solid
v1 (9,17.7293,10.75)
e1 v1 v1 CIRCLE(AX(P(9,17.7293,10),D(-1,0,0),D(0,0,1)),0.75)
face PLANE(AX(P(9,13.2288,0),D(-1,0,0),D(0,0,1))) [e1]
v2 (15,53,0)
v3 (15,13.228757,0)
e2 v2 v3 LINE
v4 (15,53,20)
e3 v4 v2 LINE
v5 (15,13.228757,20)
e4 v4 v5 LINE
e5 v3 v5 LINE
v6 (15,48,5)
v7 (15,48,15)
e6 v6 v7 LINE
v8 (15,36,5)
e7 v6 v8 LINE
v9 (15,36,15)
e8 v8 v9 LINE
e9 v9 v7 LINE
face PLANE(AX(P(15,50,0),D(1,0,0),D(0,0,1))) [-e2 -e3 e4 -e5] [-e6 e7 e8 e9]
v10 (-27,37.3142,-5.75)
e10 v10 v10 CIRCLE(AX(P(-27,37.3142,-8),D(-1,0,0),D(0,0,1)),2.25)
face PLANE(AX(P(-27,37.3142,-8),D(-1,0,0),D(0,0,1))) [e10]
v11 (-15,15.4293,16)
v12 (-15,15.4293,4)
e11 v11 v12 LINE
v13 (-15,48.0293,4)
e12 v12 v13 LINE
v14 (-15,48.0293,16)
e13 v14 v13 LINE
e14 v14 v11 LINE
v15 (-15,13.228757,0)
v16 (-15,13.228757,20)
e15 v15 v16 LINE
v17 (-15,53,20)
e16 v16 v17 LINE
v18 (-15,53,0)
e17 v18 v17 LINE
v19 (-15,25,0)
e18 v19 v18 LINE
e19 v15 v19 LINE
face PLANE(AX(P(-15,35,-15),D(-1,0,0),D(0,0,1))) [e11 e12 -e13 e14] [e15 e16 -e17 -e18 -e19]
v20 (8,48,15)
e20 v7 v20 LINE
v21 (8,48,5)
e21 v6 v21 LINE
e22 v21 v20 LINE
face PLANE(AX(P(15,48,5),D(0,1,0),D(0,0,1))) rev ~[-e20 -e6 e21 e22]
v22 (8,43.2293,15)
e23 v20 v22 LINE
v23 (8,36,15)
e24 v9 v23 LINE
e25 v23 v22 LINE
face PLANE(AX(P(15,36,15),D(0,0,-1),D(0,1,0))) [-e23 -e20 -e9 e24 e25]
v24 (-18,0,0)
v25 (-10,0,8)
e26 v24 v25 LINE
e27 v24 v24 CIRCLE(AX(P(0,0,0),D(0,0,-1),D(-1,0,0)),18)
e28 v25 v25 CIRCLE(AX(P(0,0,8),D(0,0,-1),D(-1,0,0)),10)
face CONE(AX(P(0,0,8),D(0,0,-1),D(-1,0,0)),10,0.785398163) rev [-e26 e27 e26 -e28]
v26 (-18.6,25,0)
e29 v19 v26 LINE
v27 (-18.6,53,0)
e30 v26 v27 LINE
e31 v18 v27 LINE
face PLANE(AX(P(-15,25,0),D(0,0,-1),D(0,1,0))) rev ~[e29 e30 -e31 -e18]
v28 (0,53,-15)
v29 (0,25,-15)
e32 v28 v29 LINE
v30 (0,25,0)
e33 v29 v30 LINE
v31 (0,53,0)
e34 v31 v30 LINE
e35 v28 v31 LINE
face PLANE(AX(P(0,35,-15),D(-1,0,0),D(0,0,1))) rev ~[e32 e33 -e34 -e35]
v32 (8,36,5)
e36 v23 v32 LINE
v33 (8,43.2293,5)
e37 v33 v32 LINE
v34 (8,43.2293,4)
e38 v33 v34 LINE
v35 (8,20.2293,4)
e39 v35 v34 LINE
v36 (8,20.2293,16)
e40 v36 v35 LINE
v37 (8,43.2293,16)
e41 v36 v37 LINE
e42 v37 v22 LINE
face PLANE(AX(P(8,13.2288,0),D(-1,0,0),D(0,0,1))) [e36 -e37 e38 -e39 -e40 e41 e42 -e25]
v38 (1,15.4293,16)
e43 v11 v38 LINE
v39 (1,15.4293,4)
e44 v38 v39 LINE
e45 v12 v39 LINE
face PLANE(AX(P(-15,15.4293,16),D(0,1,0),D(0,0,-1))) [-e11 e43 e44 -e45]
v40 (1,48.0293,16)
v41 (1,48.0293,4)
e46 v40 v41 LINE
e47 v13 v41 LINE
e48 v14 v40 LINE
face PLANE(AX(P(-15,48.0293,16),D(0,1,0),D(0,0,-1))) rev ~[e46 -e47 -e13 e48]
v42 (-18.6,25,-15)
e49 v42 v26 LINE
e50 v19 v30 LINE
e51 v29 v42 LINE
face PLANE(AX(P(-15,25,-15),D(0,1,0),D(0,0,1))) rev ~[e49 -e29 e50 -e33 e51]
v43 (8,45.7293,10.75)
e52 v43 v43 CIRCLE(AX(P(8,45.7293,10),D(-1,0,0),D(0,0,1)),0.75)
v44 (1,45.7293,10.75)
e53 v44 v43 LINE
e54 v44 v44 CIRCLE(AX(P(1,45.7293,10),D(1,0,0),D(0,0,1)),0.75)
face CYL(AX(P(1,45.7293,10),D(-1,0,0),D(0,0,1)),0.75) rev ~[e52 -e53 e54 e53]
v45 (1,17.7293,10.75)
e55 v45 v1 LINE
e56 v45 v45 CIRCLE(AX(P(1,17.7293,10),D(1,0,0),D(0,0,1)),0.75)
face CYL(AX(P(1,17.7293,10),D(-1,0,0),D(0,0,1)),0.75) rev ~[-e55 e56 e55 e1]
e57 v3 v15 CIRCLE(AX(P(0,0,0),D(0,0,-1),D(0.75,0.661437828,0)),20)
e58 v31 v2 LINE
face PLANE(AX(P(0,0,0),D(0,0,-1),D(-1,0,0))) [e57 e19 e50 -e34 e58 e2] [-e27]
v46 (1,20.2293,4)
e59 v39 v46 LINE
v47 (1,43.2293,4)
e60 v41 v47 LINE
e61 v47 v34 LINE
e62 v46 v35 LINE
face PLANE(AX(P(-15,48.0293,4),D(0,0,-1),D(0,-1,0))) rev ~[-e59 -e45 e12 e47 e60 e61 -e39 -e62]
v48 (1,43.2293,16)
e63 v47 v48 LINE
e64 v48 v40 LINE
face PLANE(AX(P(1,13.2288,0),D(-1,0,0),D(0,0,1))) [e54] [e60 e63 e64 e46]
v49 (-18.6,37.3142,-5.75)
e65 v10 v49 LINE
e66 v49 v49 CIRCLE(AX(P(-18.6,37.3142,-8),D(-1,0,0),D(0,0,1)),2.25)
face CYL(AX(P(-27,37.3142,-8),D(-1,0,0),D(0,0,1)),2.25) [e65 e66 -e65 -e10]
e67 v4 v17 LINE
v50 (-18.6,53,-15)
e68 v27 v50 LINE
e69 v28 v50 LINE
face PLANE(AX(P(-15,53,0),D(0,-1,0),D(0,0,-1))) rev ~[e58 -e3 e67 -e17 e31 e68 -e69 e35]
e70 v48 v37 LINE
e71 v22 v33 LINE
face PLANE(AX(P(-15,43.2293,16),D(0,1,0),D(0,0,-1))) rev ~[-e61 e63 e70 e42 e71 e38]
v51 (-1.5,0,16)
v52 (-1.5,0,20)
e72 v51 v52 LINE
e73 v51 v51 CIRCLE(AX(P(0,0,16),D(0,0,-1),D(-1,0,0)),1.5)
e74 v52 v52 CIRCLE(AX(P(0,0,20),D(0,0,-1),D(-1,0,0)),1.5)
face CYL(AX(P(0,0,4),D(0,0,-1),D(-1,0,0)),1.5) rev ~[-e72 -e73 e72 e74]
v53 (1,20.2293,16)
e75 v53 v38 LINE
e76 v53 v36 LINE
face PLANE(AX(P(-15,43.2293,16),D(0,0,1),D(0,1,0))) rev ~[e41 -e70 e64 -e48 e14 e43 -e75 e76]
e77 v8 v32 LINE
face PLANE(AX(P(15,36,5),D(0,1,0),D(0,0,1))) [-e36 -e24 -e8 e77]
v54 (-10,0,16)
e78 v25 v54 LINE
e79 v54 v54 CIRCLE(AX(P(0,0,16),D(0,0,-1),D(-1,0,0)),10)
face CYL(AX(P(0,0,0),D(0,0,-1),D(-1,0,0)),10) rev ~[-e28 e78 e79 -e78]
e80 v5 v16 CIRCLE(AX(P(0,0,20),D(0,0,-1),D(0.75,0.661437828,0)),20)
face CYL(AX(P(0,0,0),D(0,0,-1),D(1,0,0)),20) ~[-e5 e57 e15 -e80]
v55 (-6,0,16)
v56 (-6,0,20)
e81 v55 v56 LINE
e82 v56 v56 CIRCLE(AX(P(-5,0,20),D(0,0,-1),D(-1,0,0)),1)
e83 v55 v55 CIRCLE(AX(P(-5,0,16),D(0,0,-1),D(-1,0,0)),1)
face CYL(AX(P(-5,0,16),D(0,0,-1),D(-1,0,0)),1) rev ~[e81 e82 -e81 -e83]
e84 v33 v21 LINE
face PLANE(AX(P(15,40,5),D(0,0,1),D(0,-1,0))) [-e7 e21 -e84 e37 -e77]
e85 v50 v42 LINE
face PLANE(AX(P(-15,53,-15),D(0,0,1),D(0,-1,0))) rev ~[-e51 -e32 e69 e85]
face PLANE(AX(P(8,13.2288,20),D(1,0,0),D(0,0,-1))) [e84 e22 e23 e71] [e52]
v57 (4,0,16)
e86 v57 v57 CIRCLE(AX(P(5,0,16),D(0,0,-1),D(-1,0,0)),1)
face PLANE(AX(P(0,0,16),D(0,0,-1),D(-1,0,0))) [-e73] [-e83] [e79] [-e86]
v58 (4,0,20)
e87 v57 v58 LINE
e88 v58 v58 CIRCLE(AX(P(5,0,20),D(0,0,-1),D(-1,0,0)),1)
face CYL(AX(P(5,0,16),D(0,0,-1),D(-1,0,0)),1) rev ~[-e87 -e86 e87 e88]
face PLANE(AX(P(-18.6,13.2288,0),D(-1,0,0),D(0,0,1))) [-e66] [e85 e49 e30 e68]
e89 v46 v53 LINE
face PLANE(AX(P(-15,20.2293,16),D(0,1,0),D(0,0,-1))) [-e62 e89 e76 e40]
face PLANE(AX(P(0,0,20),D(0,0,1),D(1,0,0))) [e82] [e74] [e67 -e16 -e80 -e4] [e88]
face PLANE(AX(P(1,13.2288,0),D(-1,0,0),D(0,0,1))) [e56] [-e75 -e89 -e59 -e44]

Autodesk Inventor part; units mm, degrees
ref_plane "YZ Plane" through (0, 0, 0) normal (1, 0, 0) x (0, 1, 0)
ref_plane "XZ Plane" through (0, 0, 0) normal (0, 1, 0) x (-1, 0, 0)
ref_plane "XY Plane" through (0, 0, 0) normal (0, 0, 1) x (1, 0, 0)
sketch "Sketch1" plane through (0, 0, 0) normal (0, 0, 1) x (1, 0, 0)
  circle A0 centre (0, 0) radius 10
  circle A1 centre (0, 0) radius 20
  line L0 (-15, 0) -> (15, 0)
  line L1 (15, 0) -> (15, 50)
  line L2 (15, 50) -> (-15, 50)
  line L3 (-15, 50) -> (-15, 0)
  point P0 (-15, 13.2288)
  point P1 (15, 13.2288)
  dimension "d0" = 20
  dimension "d1" = 40
  dimension "d2" = 30
  dimension "d3" = 50
extrude "Extrusion1" add sketch "Sketch1" along normal blind 20
sketch "Sketch2" plane through (0, 0, 20) normal (0, 0, 1) x (1, 0, 0)
  circle A0 centre (0, 0) radius 10
  dimension "d6" = 20
extrude "Extrusion2" cut sketch "Sketch2" against normal blind 15
sketch "Sketch4" plane through (-15, 13.2288, 0) normal (-1, 0, 0) x (0, 0, 1)
  line L0 (0, 36.7712) -> (20, 36.7712) projected
  line L1 (0, 0) -> (0, 36.7712) projected
  line L2 (20, 36.7712) -> (0, 36.7712)
  line L3 (0, 36.7712) -> (0, 0)
  line L4 (0, 0) -> (20, 0)
  line L5 (20, 0) -> (20, 36.7712)
  line L6 (0, 0) -> (20, 0) projected
  line L7 (20, 36.7712) -> (10, 36.7712)
  line L8 (10, 36.7712) -> (10, 0)
  line L9 (10, 0) -> (20, 0)
  line L10 (20, 0) -> (20, 36.7712)
  line L11 (10, 0) -> (16, 0)
  line L12 (16, 0) -> (16, 25)
  line L13 (16, 25) -> (10, 25)
  line L14 (10, 25) -> (10, 0)
  line L15 (10, 25) -> (4, 25)
  line L16 (4, 25) -> (4, 0)
  line L17 (4, 0) -> (10, 0)
  line L18 (10, 0) -> (10, 25)
  line L19 (4, 25) -> (16, 25)
  line L20 (16, 25) -> (16, 30.0005)
  line L21 (16, 30.0005) -> (4, 30.0005)
  line L22 (4, 30.0005) -> (4, 25)
  line L23 (4, 30.0005) -> (16, 30.0005)
  line L24 (16, 30.0005) -> (16, 7.0005)
  line L25 (16, 7.0005) -> (4, 7.0005)
  line L26 (4, 7.0005) -> (4, 30.0005)
  line L27 (10, 7.0005) -> (16, 7.0005)
  line L28 (16, 7.0005) -> (16, 0)
  line L29 (16, 0) -> (10, 0)
  line L30 (10, 0) -> (10, 7.0005)
  point P0 (0, -13.2288)
  dimension "d13" = 6
  dimension "d14" = 25
  dimension "d15" = 6
  dimension "d16" = 23
extrude "Extrusion3" cut sketch "Sketch4" against normal blind 23 contours L21 L20 L13 L8 | L8 L15 L22 L21 | L13 L12 L25 L8 | L8 L25 L16 L15
sketch "Sketch6" plane through (-15, 13.2288, 0) normal (-1, 0, 0) x (0, 0, 1)
  line L0 (4, 7.0005) -> (4, 30.0005) projected
  line L1 (4, 7.0005) -> (16, 7.0005)
  line L2 (16, 7.0005) -> (16, 2.2005)
  line L3 (16, 2.2005) -> (4, 2.2005)
  line L4 (4, 2.2005) -> (4, 7.0005)
  line L5 (4, 30.0005) -> (16, 30.0005)
  line L6 (16, 30.0005) -> (16, 34.8005)
  line L7 (16, 34.8005) -> (4, 34.8005)
  line L8 (4, 34.8005) -> (4, 30.0005)
  point P0 (0, -13.2288)
  dimension "d19" = 12
  dimension "d20" = 4.8
  dimension "d21" = 4.8
extrude "Extrusion4" cut sketch "Sketch6" against normal blind 16
sketch "Sketch7" plane through (1, 13.2288, 0) normal (-1, 0, 0) x (0, 0, 1)
  line L0 (4, 30.0005) -> (16, 30.0005) projected
  line L1 (4, 30.0005) -> (10, 30.0005)
  line L2 (10, 30.0005) -> (10, 32.5005)
  line L3 (10, 32.5005) -> (4, 32.5005)
  line L4 (4, 32.5005) -> (4, 30.0005)
  circle A0 centre (10, 32.5005) radius 0.75
  line L5 (16, 7.0005) -> (4, 7.0005) projected
  line L6 (16, 7.0005) -> (16, 2.2005) projected
  line L7 (4, 7.0005) -> (16, 7.0005)
  line L8 (16, 7.0005) -> (16, 4.5005)
  line L9 (16, 4.5005) -> (4, 4.5005)
  line L10 (4, 4.5005) -> (4, 7.0005)
  line L11 (10, 4.5005) -> (4, 4.5005)
  line L12 (4, 4.5005) -> (4, 7.0005)
  line L13 (4, 7.0005) -> (10, 7.0005)
  line L14 (10, 7.0005) -> (10, 4.5005)
  circle A1 centre (10, 4.5005) radius 0.75
  point P0 (0, -13.2288)
  dimension "d24" = 2.5
  dimension "d25" = 1.5
  dimension "d26" = 2.5
  dimension "d27" = 1.5
extrude "Extrusion5" cut sketch "Sketch7" against normal blind 8 contours A0 L3 L2 | L2 L3 A0 | A1 L9 L14 | L14 L9 A1 | A1 L9
sketch "Sketch8" plane through (15, 13.2288, 0) normal (1, 0, 0) x (0, 0, -1)
  line L0 (0, 36.7712) -> (0, 0) projected
  line L1 (-20, 36.7712) -> (-20, 0) projected
  line L2 (0, 36.7712) -> (-20, 36.7712)
  line L3 (-20, 36.7712) -> (-20, 26.7712)
  line L4 (-20, 26.7712) -> (0, 26.7712)
  line L5 (0, 26.7712) -> (0, 36.7712)
  line L6 (0, 26.7712) -> (-20, 26.7712)
  line L7 (-20, 26.7712) -> (-20, 18.7712)
  line L8 (-20, 18.7712) -> (0, 18.7712)
  line L9 (0, 18.7712) -> (0, 26.7712)
  line L10 (0, 26.7712) -> (-10, 26.7712)
  line L11 (-10, 26.7712) -> (-10, 18.7712)
  line L12 (-10, 18.7712) -> (0, 18.7712)
  line L13 (0, 18.7712) -> (0, 26.7712)
  line L14 (-10, 26.7712) -> (-5, 26.7712)
  line L15 (-5, 26.7712) -> (-5, 22.7712)
  line L16 (-5, 22.7712) -> (-10, 22.7712)
  line L17 (-10, 22.7712) -> (-10, 26.7712)
  line L18 (-10, 22.7712) -> (-15, 22.7712)
  line L19 (-15, 22.7712) -> (-15, 26.7712)
  line L20 (-15, 26.7712) -> (-10, 26.7712)
  line L21 (-10, 26.7712) -> (-10, 22.7712)
  point P0 (0, -13.2288)
  dimension "d30" = 10
  dimension "d31" = 8
  dimension "d32" = 5
  dimension "d33" = 5
extrude "Extrusion6" cut sketch "Sketch8" against normal blind 15.8125 contours L15 L16 L11 L4 | L11 L18 L19 L4
sketch "Sketch9" plane through (0, 0, 5) normal (0, 0, 1) x (1, 0, 0)
  circle A0 centre (0, 0) radius 1
  circle A1 centre (7, 0) radius 1.5
  circle A2 centre (0, 0) radius 1.5
  circle A3 centre (-7, 0) radius 1.5
  dimension "d36" = 2
  dimension "d37" = 3
  dimension "d38" = 3
  dimension "d39" = 3
extrude "Extrusion7" cut sketch "Sketch9" against normal blind 8 contours A0 | A1 | A2 | A3
sketch "Sketch10" plane through (-15, 50, 0) normal (0, 1, 0) x (1, 0, 0)
  line L0 (0, 0) -> (0, -20) projected
  line L1 (0, 0) -> (29.4792, 0)
  line L2 (29.4792, 0) -> (29.4792, -20)
  line L3 (29.4792, -20) -> (0, -20)
  line L4 (0, -20) -> (0, 0)
  point P0 (15, 0)
extrude "Extrusion8" add sketch "Sketch10" along normal blind 10
sketch "Sketch11" plane through (0, 0, 0) normal (0, 0, -1) x (-1, 0, 0)
  line L0 (15, 13.2288) -> (15, 60) projected
  line L1 (-15, 13.2288) -> (-15, 50) projected
  line L2 (15, 60) -> (-15, 60)
  line L3 (-15, 60) -> (-15, 45)
  line L4 (-15, 45) -> (15, 45)
  line L5 (15, 45) -> (15, 60)
  line L6 (15, 45) -> (-15, 45)
  line L7 (-15, 45) -> (-15, 35)
  line L8 (-15, 35) -> (15, 35)
  line L9 (15, 35) -> (15, 45)
  point P0 (0, 0)
  dimension "d47" = 15
  dimension "d48" = 10
sketch "Sketch12" plane through (14.4792, 50, 20) normal (1, 0, 0) x (0, 0, -1)
  line L0 (20, 0) -> (20, 10) projected
  line L1 (0, 0) -> (20, 0)
  line L2 (20, 0) -> (20, 10)
  line L3 (20, 10) -> (0, 10)
  line L4 (0, 10) -> (0, 0)
  point P0 (20, -50)
extrude "Extrusion9" cut sketch "Sketch12" against normal blind 59.6125
sketch "Sketch13" plane through (-15, 50, 0) normal (0, 1, 0) x (1, 0, 0)
  line L0 (30, 0) -> (30, -20) projected
  line L1 (0, 0) -> (30, 0)
  line L2 (30, 0) -> (30, -20)
  line L3 (30, -20) -> (0, -20)
  line L4 (0, -20) -> (0, 0)
  point P0 (15, 0)
extrude "Extrusion10" add sketch "Sketch13" along normal blind 10
extrude "Extrusion11" add sketch "Sketch11" along normal blind 10
sketch "Sketch15" plane through (0, 0, 20) normal (0, 0, 1) x (1, 0, 0)
  line L0 (-15, 60) -> (15, 60) projected
  line L1 (-15, 60) -> (0, 60)
  line L2 (0, 60) -> (0, 35)
  line L3 (0, 35) -> (-15, 35)
  line L4 (-15, 35) -> (-15, 60)
  point P0 (0, 0)
  dimension "d56" = 25
extrude "Extrusion12" add sketch "Sketch15" along normal blind 10
sketch "Sketch16" plane through (0, 0, -10) normal (0, 0, -1) x (-1, 0, 0)
  line L0 (-15, 13.2288) -> (-15, 60) projected
  line L1 (0, 35) -> (15, 35) projected
  line L2 (-15, 60) -> (0, 60)
  line L3 (0, 60) -> (0, 35)
  line L4 (0, 35) -> (-15, 35)
  line L5 (-15, 35) -> (-15, 60)
  point P0 (0, 0)
extrude "Extrusion13" cut sketch "Sketch16" against normal blind 10
sketch "Sketch18" plane through (0, 0, 20) normal (0, 0, 1) x (1, 0, 0)
  circle A0 centre (0, 0) radius 10
extrude "Extrusion15" add sketch "Sketch18" against normal blind 16
sketch "Sketch19" plane through (0, 0, 0) normal (0, 0, -1) x (-1, 0, 0)
  circle A0 centre (0, 0) radius 1.5 projected
  circle A1 centre (0, 0) radius 10
  dimension "d72" = 20
extrude "Extrusion16" cut sketch "Sketch19" against normal blind 16
sketch "Sketch20" plane through (0, 0, 4) normal (0, 0, -1) x (-1, 0, 0)
  circle A0 centre (0, 0) radius 1.5 projected
  circle A1 centre (0, 0) radius 1.5
extrude "Extrusion17" cut sketch "Sketch20" against normal blind 30.0375
sketch "Sketch21" plane through (0, 0, 16) normal (0, 0, -1) x (-1, 0, 0)
  circle A0 centre (5, 0) radius 1
  circle A1 centre (-5, 0) radius 1
  point P0 (0, 0)
  dimension "d77" = 2
  dimension "d78" = 2
extrude "Extrusion18" cut sketch "Sketch21" against normal blind 138.2375
chamfer "Chamfer2" distance 8 angle 45 1 edges at (10, 0, 0)
sketch "Sketch22" plane through (-15, 13.2288, 0) normal (-1, 0, 0) x (0, 0, 1)
  circle A0 centre (-4, 36.7712) radius 2 projected
  circle A1 centre (-4, 36.7712) radius 2
  circle A2 centre (24, 36.7712) radius 2 projected
  circle A3 centre (24, 36.7712) radius 2
  point P0 (0, -13.2288)
sketch "Sketch25" plane through (-15, 13.2288, 0) normal (-1, 0, 0) x (0, 0, 1)
  circle A0 centre (-4, 36.7712) radius 2 projected
  circle A1 centre (-4, 36.7712) radius 8
  arc A2 (7.7087, 23.1005) -> (12.2913, 23.1005) centre (10, 24.1005) ccw projected
  circle A3 centre (10, 24.1005) radius 8
  circle A4 centre (24, 36.7712) radius 2 projected
  circle A5 centre (24, 36.7712) radius 8
  circle A6 centre (-4, 36.7712) radius 2
  circle A7 centre (24, 36.7712) radius 2
  line L0 (-4, 36.7712) -> (24.7591, 36.7712)
  line L1 (24.7591, 36.7712) -> (24.7591, 61.7712)
  line L2 (24.7591, 61.7712) -> (-4, 61.7712)
  line L3 (-4, 61.7712) -> (-4, 36.7712)
  point P0 (0, -13.2288)
  dimension "d92" = 16
  dimension "d93" = 16
  dimension "d94" = 16
  dimension "d99" = 25
sketch "Sketch29" plane through (-15, 15.4292, 4) normal (0, 0, 1) x (1, 0, 0)
  point P0 (15, -15.4292)
sketch "Sketch33" plane through (15, 13.2288, 20) normal (1, 0, 0) x (0, 0, -1)
  line L0 (5, 26.7712) -> (5, 22.7712) projected
  line L1 (5, 26.7712) -> (15, 26.7712)
  line L2 (15, 26.7712) -> (15, 34.7712)
  line L3 (15, 34.7712) -> (5, 34.7712)
  line L4 (5, 34.7712) -> (5, 26.7712)
  point P0 (20, -13.2288)
  dimension "d110" = 10
  dimension "d111" = 8
extrude "Extrusion27" cut sketch "Sketch33" against normal blind 7
sketch "Sketch34" plane through (0, 0, 30) normal (0, 0, 1) x (1, 0, 0)
  point P0 (0, 0)
sketch "Sketch37" plane through (0, 0, 30) normal (0, 0, 1) x (1, 0, 0)
  point P0 (0, 0)
sketch "Sketch38" plane through (-15, 13.2288, 0) normal (-1, 0, 0) x (0, 0, 1)
  point P0 (0, -13.2288)
sketch "Sketch41" plane through (-15, 13.2288, 0) normal (-1, 0, 0) x (0, 0, 1)
  line L0 (30, 21.7712) -> (30, 46.7712) projected
  line L1 (30, 21.7712) -> (20, 21.7712)
  line L2 (20, 21.7712) -> (20, 48.4389)
  line L3 (20, 48.4389) -> (30, 48.4389)
  line L4 (30, 48.4389) -> (30, 21.7712)
  point P0 (0, -13.2288)
extrude "Extrusion31" cut sketch "Sketch41" against normal blind 36.0375
sketch "Sketch42" plane through (0, 0, -10) normal (0, 0, -1) x (-1, 0, 0)
  line L0 (0, 35) -> (15, 35) projected
  line L1 (0, 60) -> (0, 35) projected
  line L2 (15, 35) -> (0, 35)
  line L3 (0, 35) -> (0, 60)
  line L4 (0, 60) -> (15, 60)
  line L5 (15, 60) -> (15, 35)
  point P0 (0, 0)
extrude "Extrusion32" add sketch "Sketch42" along normal blind 5
sketch "Sketch43" plane through (-15, 35, 0) normal (0, -1, 0) x (1, 0, 0)
  line L0 (15, -15) -> (15, 0) projected
  line L1 (0, 0) -> (15, 0) projected
  line L2 (15, -15) -> (0, -15)
  line L3 (0, -15) -> (0, 0)
  line L4 (0, 0) -> (15, 0)
  line L5 (15, 0) -> (15, -15)
extrude "Extrusion33" add sketch "Sketch43" along normal blind 10
sketch "Sketch44" plane through (-15, 13.2288, 0) normal (-1, 0, 0) x (0, 0, 1)
  line L0 (16, 2.2005) -> (4, 2.2005) projected
  line L1 (10, 2.2005) -> (10, 34.6918)
  circle A0 centre (10, 24.0854) radius 8
  line L2 (10, 24.0854) -> (-8, 24.0854)
  circle A1 centre (-8, 24.0854) radius 8
  circle A2 centre (-8, 24.0854) radius 2.5
  point P0 (0, -13.2288)
  dimension "d128" = 16
  dimension "d129" = 18
  dimension "d130" = 16
  dimension "d131" = 5
extrude "Extrusion34" add sketch "Sketch44" along normal blind 6 contours A2
sketch "Sketch45" plane through (-15, 60, 0) normal (0, 1, 0) x (1, 0, 0)
  line L0 (0, 0) -> (0, 15) projected
  line L1 (0, -20) -> (30, -20) projected
  line L2 (0, 15) -> (15, 15)
  line L3 (15, 15) -> (15, -20)
  line L4 (15, -20) -> (0, -20)
  line L5 (0, -20) -> (0, 15)
  line L6 (30, -20) -> (30, 0) projected
  line L7 (15, 0) -> (30, 0)
  line L8 (30, 0) -> (30, -20)
  line L9 (30, -20) -> (15, -20)
  line L10 (15, -20) -> (15, 0)
extrude "Extrusion35" cut sketch "Sketch45" against normal blind 7
sketch "Sketch46" plane through (8, 20.2292, 4) normal (0, 0, 1) x (1, 0, 0)
  point P0 (-8, -20.2292)
sketch "Sketch47" plane through (-15, 13.2288, 0) normal (-1, 0, 0) x (0, 0, 1)
  point P0 (0, -13.2288)
sketch "Sketch48" plane through (-21, 37.3142, -8) normal (-1, 0, 0) x (0, 0, 1)
  circle A0 centre (0, 0) radius 2.5
  point P0 (8, -37.3142)
extrude "Extrusion36" add sketch "Sketch48" along normal blind 6
sketch "Sketch49" plane through (-15, 13.2288, 0) normal (-1, 0, 0) x (0, 0, 1)
  line L0 (-15, 39.7712) -> (-15, 11.7712) projected
  line L1 (20, 39.7712) -> (-15, 39.7712) projected
  line L2 (-15, 11.7712) -> (0, 11.7712)
  line L3 (0, 11.7712) -> (0, 39.7712)
  line L4 (0, 39.7712) -> (-15, 39.7712)
  line L5 (-15, 39.7712) -> (-15, 11.7712)
  circle A0 centre (-8, 24.0854) radius 2.5 projected
  circle A1 centre (-8, 24.0854) radius 2.5
  point P0 (0, -13.2288)
extrude "Extrusion37" add sketch "Sketch49" along normal blind 3.6
sketch "Sketch50" plane through (-18.6, 13.2288, 0) normal (-1, 0, 0) x (0, 0, 1)
  point P0 (0, -13.2288)
sketch "Sketch51" plane through (-18.6, 13.2288, 0) normal (-1, 0, 0) x (0, 0, 1)
  point P0 (0, -13.2288)
sketch "Sketch52" plane through (-15, 25, 0) normal (0, 0, 1) x (1, 0, 0)
  point P0 (15, -25)
sketch "Sketch53" plane through (-27, 37.3142, -8) normal (-1, 0, 0) x (0, 0, 1)
  circle A0 centre (0, 0) radius 2.5
  circle A1 centre (0, 0) radius 2.25
  point P0 (8, -37.3142)
  dimension "d140" = 4.5
extrude "Extrusion38" cut sketch "Sketch53" against normal blind 8.4
properties part number "NeWConceptV2.0"
